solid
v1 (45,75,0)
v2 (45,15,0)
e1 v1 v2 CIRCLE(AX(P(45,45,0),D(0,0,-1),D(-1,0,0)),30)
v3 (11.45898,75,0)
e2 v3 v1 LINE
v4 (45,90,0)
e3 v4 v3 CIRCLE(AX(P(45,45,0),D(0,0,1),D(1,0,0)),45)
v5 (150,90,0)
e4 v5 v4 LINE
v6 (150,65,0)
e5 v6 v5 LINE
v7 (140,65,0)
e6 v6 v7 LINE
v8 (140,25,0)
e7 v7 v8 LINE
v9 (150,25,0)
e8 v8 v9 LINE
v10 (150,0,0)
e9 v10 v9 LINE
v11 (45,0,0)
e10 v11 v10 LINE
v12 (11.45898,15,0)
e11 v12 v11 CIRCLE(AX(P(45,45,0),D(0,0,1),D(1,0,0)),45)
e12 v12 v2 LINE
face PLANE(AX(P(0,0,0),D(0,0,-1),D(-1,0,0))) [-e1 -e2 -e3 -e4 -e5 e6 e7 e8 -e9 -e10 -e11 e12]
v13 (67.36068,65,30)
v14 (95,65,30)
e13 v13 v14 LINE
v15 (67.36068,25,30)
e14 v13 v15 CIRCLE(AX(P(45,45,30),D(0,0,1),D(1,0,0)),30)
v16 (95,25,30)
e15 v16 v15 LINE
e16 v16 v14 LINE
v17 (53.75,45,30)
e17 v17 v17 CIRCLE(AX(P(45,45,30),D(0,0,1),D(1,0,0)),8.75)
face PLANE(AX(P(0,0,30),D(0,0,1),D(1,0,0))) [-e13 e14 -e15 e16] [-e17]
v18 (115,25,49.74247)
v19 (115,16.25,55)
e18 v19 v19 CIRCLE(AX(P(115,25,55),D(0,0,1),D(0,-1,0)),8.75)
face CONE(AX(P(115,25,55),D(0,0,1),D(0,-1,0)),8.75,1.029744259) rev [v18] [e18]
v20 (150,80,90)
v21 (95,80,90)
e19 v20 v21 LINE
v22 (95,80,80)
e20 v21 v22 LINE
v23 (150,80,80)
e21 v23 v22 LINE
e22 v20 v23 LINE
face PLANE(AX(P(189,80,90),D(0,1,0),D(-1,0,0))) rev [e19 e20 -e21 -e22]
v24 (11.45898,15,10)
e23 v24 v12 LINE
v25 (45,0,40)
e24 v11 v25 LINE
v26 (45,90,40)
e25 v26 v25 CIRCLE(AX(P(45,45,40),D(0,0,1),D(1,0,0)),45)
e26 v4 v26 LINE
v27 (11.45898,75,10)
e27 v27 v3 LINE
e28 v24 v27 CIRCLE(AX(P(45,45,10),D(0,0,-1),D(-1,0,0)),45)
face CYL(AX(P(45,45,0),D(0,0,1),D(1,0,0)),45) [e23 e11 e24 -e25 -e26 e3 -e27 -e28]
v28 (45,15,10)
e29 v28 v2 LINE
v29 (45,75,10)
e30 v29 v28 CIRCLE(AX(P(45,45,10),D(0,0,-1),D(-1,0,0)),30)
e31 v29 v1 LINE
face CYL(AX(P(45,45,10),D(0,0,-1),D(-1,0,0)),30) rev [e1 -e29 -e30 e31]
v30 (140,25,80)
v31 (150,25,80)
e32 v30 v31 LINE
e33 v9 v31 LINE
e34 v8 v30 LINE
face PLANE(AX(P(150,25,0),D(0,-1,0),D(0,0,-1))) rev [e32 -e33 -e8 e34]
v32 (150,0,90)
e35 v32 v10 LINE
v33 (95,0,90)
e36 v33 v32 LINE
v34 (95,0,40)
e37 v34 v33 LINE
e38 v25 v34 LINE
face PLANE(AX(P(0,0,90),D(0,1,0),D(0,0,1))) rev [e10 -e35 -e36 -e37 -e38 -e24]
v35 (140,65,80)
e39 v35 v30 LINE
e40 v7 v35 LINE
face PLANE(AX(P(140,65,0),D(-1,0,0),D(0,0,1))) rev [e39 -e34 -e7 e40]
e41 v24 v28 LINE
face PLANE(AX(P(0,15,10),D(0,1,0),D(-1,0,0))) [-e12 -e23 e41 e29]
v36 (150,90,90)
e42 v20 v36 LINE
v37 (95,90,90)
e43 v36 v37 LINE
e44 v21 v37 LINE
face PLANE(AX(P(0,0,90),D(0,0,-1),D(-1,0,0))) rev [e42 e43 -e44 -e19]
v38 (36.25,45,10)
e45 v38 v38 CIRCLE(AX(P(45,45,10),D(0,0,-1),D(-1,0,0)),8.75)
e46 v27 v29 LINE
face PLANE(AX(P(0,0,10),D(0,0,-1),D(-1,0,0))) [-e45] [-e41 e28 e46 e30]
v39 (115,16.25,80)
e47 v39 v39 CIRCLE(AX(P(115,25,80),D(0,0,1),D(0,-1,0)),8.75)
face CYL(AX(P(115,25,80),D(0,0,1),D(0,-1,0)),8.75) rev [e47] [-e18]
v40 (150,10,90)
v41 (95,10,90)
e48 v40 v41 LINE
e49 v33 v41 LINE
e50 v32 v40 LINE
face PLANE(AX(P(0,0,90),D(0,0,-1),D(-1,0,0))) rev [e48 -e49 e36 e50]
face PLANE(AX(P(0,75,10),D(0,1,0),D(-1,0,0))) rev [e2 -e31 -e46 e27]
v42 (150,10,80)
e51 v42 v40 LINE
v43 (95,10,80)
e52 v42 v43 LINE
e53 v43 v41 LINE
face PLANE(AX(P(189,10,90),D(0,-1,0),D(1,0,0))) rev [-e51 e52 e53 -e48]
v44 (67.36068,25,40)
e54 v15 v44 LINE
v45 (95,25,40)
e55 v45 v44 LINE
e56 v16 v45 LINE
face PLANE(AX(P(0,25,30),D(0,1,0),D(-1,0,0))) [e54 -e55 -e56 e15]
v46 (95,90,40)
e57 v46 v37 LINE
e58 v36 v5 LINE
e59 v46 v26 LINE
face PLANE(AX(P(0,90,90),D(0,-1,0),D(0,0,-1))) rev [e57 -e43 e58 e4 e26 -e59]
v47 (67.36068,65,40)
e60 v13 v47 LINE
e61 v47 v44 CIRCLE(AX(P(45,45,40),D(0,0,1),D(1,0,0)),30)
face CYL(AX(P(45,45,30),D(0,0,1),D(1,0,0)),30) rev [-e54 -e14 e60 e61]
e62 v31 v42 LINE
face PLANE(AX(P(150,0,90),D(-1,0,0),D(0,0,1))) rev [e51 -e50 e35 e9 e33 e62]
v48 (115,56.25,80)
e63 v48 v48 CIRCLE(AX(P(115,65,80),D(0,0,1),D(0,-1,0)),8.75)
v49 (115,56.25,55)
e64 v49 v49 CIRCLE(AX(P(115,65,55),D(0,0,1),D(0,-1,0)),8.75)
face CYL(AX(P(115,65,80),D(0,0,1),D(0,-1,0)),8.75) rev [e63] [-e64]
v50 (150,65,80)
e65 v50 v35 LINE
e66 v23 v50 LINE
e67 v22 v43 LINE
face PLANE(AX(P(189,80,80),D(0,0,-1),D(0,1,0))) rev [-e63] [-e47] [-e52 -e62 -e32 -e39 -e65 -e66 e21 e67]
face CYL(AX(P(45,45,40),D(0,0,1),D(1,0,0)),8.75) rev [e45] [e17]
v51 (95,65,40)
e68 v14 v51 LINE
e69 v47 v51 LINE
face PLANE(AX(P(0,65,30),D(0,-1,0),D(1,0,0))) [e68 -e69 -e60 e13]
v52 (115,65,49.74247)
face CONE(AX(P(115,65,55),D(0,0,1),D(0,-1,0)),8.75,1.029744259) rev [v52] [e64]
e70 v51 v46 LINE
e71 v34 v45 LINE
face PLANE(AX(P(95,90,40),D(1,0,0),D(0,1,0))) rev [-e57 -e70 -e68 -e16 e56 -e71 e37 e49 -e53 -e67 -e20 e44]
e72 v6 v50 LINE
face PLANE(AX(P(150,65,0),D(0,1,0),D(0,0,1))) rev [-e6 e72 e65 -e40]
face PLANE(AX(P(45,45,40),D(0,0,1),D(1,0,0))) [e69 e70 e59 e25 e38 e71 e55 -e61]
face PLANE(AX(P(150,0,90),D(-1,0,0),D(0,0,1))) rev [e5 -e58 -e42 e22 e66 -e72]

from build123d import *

# Parameters (mm, degrees)
SKETCH1_W              = 150
SKETCH1_H              = 90
BOSS_EXTRUDE1_DEPTH    = 90
SKETCH2_W              = 10
SKETCH2_H              = 40
CUT_EXTRUDE1_DEPTH     = 90
CUT_EXTRUDE2_DEPTH     = 90
CUT_EXTRUDE3_DEPTH     = 10
CUT_EXTRUDE4_DEPTH     = 50
SKETCH6_W              = 10
SKETCH6_H              = 70
CUT_EXTRUDE6_DEPTH     = 94
SKETCH7_R              = 30
CUT_EXTRUDE8_DEPTH     = 10
M20_TAPPED_HOLE2_D     = 17.5
M20_TAPPED_HOLE2_DEPTH = 25
M20_TAPPED_HOLE2_TIP   = 5.257530416
M20_TAPPED_HOLE3_D     = 17.5
M20_TAPPED_HOLE3_DEPTH = 37.5
M20_TAPPED_HOLE3_TIP   = 5.257530416


with BuildPart() as part:
    # Sketch1 → Boss-Extrude1 (new body)
    with BuildSketch(Plane.XY):
        with Locations((75, 45)):
            Rectangle(SKETCH1_W, SKETCH1_H)
    extrude(amount=BOSS_EXTRUDE1_DEPTH)

    # Sketch2 → Cut-Extrude1 (cut)
    with BuildSketch(Plane.XY.offset(90)):
        with Locations((145, 45)):
            Rectangle(SKETCH2_W, SKETCH2_H)
    extrude(amount=-CUT_EXTRUDE1_DEPTH, mode=Mode.SUBTRACT)

    # Sketch3 → Cut-Extrude2 (cut)
    with BuildSketch(Plane.XY.offset(90)):
        with BuildLine():
            ThreePointArc((0, 45), (13.180194847, 76.819805153), (45, 90))
            Line((45, 90), (0, 90))
            Line((0, 90), (0, 45))
        make_face()
        with BuildLine():
            ThreePointArc((45, 0), (13.180194847, 13.180194847), (0, 45))
            Line((0, 45), (0, 0))
            Line((0, 0), (45, 0))
        make_face()
    extrude(amount=-CUT_EXTRUDE2_DEPTH, mode=Mode.SUBTRACT)

    # Sketch4 → Cut-Extrude3 (cut)
    with BuildSketch(Plane(origin=(0, 0, 0), x_dir=(-1, 0, 0), z_dir=(0, 0, -1))):
        with BuildLine():
            ThreePointArc((-11.458980338, 15), (0, 45), (-11.458980338, 75))
            Line((-11.458980338, 75), (-45, 75))
            ThreePointArc((-45, 75), (-75, 45), (-45, 15))
            Line((-45, 15), (-11.458980338, 15))
        make_face()
    extrude(amount=-CUT_EXTRUDE3_DEPTH, mode=Mode.SUBTRACT)

    # Sketch5 → Cut-Extrude4 (cut)
    with BuildSketch(Plane.XY.offset(90)):
        with BuildLine():
            Line((95, 90), (95, 0))
            Line((95, 0), (45, 0))
            ThreePointArc((45, 0), (0, 45), (45, 90))
            Line((45, 90), (95, 90))
        make_face()
    extrude(amount=-CUT_EXTRUDE4_DEPTH, mode=Mode.SUBTRACT)

    # Sketch6 → Cut-Extrude6 (cut)
    with BuildSketch(Plane.ZY.offset(-95)):
        with Locations((85, 45)):
            Rectangle(SKETCH6_W, SKETCH6_H)
    extrude(amount=-CUT_EXTRUDE6_DEPTH, mode=Mode.SUBTRACT)

    # Sketch7 → Cut-Extrude8 (cut)
    with BuildSketch(Plane.XY.offset(40)):
        with Locations((45, 45)):
            Circle(SKETCH7_R)
        with BuildLine():
            Line((95, 65), (67.360679775, 65))
            ThreePointArc((67.360679775, 65), (73.025170769, 55.704662693), (75, 45))
            ThreePointArc((75, 45), (73.025170769, 34.295337307), (67.360679775, 25))
            Line((67.360679775, 25), (95, 25))
            Line((95, 25), (95, 65))
        make_face()
    extrude(amount=-CUT_EXTRUDE8_DEPTH, mode=Mode.SUBTRACT)

    # M20 Tapped Hole2
    with Locations(Plane(origin=(115, 65, 80), x_dir=(0, 1, 0), z_dir=(0, 0, 1))):
        with Locations((0, 0), (-40, 0)):
            Hole(M20_TAPPED_HOLE2_D / 2, depth=M20_TAPPED_HOLE2_DEPTH)
            with Locations((0, 0, -(M20_TAPPED_HOLE2_DEPTH + M20_TAPPED_HOLE2_TIP / 2))):  # 118° drill point
                Cone(0, M20_TAPPED_HOLE2_D / 2, M20_TAPPED_HOLE2_TIP, mode=Mode.SUBTRACT)

    # M20 Tapped Hole3
    with Locations(Plane(origin=(45, 45, 40), x_dir=(1, 0, 0), z_dir=(0, 0, 1))):
        with Locations((0, 0)):
            Hole(M20_TAPPED_HOLE3_D / 2, depth=M20_TAPPED_HOLE3_DEPTH)
            with Locations((0, 0, -(M20_TAPPED_HOLE3_DEPTH + M20_TAPPED_HOLE3_TIP / 2))):  # 118° drill point
                Cone(0, M20_TAPPED_HOLE3_D / 2, M20_TAPPED_HOLE3_TIP, mode=Mode.SUBTRACT)


solid = part.part
